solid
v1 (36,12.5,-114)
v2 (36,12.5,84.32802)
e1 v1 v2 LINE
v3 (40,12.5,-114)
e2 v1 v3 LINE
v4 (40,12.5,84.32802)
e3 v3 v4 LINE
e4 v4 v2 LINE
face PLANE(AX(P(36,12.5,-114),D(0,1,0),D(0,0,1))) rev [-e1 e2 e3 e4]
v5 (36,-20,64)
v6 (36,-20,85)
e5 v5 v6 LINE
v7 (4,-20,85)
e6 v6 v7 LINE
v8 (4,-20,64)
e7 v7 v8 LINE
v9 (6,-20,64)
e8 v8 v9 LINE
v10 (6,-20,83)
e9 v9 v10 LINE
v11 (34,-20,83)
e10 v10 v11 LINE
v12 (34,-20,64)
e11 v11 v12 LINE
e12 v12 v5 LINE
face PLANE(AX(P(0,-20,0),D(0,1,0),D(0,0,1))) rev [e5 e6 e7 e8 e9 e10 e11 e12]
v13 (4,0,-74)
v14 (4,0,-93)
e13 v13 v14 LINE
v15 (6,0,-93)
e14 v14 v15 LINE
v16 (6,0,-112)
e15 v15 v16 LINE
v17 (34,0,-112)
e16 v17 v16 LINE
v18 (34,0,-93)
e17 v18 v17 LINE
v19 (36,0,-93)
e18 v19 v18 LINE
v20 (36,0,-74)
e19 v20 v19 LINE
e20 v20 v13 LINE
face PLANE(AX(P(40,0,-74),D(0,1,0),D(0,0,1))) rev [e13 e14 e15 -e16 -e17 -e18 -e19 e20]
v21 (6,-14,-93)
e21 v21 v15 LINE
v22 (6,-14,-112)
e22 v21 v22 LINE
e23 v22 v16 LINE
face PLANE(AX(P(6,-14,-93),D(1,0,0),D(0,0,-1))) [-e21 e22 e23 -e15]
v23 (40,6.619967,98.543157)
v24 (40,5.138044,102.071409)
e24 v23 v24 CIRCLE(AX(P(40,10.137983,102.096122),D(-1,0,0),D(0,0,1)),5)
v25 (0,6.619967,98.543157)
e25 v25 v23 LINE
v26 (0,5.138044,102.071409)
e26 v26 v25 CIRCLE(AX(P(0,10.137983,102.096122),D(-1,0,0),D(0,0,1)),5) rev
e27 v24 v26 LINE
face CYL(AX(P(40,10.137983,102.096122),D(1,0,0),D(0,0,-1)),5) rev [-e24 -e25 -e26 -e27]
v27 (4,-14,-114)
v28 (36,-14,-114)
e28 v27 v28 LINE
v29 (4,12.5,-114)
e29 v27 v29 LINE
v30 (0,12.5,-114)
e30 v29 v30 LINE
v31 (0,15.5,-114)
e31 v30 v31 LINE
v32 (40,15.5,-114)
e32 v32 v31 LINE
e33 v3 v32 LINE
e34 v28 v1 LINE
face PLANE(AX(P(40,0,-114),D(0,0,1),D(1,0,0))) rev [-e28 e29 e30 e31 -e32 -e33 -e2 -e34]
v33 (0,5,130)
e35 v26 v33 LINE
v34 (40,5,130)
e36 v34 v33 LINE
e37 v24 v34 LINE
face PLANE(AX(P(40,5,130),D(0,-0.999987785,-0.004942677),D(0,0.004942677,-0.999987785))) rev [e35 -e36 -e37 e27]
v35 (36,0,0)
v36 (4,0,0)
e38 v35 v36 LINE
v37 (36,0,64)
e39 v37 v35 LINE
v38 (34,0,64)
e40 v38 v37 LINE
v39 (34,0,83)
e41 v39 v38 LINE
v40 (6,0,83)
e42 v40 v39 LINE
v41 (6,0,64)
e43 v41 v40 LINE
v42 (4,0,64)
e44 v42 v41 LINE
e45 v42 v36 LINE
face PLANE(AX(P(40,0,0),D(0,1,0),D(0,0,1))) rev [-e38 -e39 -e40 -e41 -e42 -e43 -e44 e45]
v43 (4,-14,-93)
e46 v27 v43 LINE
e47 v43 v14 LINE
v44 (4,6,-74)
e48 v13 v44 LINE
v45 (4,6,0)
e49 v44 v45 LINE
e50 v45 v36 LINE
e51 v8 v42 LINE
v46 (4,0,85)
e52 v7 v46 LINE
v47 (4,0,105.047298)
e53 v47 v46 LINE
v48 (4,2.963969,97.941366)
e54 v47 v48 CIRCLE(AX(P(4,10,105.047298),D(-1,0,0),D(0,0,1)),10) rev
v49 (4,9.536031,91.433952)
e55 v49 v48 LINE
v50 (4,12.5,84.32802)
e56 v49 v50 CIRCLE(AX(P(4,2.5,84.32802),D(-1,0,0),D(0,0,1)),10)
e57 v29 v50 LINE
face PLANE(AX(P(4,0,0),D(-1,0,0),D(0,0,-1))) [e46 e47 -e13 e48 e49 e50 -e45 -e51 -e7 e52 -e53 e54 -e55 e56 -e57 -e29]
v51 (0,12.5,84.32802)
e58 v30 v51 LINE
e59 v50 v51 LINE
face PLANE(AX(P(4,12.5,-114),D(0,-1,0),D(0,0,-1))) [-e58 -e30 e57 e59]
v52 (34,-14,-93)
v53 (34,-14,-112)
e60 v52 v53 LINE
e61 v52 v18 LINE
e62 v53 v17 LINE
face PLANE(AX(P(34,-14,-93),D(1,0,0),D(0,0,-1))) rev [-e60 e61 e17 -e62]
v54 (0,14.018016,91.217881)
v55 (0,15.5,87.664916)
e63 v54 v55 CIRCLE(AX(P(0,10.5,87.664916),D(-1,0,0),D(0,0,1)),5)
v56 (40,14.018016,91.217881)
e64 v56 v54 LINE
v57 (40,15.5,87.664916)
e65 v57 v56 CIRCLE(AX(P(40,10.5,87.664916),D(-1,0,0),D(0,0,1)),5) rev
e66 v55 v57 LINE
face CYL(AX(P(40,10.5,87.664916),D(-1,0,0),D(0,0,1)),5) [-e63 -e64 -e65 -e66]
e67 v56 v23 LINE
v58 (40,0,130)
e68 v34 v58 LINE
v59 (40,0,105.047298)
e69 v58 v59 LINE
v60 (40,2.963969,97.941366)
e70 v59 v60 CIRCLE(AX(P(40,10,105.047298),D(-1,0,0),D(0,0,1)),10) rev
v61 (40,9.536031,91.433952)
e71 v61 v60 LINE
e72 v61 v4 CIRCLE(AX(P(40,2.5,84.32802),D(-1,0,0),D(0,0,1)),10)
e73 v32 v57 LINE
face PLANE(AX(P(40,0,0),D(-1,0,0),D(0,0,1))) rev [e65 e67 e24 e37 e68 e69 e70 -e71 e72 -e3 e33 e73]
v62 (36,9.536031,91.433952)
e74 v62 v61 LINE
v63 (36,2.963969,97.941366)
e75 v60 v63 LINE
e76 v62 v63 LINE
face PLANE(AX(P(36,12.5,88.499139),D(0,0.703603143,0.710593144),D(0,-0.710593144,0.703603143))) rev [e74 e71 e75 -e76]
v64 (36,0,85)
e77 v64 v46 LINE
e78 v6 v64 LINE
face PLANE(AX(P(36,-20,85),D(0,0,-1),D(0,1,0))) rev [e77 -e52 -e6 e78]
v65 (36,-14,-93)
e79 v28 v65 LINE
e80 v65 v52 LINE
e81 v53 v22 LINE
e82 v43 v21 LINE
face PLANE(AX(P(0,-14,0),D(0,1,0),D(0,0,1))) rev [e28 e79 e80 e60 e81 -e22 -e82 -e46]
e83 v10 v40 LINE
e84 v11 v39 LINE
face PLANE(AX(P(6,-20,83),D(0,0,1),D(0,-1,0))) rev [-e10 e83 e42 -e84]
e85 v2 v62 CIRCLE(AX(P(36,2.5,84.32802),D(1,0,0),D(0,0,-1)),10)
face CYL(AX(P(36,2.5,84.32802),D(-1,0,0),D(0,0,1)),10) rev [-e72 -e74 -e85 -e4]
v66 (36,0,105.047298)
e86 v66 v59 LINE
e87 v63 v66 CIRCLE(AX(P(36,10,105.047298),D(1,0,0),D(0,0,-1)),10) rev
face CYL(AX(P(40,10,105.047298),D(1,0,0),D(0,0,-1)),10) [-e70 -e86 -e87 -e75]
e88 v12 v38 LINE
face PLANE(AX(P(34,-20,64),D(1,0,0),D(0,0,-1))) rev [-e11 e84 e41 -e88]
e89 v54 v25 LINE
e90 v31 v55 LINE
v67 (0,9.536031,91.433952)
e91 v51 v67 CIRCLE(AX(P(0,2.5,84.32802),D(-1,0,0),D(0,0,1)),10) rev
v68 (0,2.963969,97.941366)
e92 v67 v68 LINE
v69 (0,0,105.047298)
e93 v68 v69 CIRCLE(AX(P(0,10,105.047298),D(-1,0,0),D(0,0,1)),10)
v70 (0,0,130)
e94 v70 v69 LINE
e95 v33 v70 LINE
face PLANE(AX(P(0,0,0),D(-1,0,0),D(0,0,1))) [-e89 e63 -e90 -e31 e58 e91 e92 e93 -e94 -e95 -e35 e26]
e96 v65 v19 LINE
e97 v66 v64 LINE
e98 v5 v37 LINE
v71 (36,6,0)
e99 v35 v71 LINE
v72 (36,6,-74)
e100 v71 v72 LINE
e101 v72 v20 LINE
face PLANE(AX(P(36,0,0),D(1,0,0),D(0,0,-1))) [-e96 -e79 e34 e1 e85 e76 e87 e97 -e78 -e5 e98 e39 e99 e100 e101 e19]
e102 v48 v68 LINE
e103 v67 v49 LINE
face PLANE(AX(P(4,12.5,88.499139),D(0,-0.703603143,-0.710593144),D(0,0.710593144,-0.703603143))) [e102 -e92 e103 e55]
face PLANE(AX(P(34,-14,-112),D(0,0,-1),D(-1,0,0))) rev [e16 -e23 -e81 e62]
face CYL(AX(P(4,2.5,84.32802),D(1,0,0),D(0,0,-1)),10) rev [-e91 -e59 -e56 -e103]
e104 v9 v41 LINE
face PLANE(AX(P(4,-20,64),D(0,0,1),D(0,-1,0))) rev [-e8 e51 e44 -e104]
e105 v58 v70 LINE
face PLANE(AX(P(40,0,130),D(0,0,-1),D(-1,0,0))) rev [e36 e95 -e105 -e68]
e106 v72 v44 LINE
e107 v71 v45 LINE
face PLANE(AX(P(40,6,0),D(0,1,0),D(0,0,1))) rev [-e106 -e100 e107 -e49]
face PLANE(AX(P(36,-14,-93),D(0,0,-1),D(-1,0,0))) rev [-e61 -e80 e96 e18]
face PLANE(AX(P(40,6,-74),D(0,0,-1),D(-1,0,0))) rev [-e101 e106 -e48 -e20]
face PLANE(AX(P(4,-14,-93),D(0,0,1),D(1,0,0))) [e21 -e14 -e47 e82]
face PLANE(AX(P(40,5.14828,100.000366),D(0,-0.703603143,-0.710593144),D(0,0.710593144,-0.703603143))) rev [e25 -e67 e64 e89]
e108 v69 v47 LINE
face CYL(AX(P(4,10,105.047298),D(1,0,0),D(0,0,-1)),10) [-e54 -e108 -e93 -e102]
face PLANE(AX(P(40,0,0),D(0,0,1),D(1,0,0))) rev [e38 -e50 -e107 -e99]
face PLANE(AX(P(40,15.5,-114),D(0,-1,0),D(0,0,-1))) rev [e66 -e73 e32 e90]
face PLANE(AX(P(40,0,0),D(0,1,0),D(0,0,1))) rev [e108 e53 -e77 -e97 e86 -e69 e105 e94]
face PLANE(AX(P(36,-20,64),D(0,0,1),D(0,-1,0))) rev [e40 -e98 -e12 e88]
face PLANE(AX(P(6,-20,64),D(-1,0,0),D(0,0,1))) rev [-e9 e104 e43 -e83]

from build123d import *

# Parameters (mm, degrees)
BOSS_EXTRUDE1_DEPTH = 40
CUT_EXTRUDE2_DEPTH  = 4
FILLET6_R           = 10
FILLET7_R           = 5
BOSS_EXTRUDE2_DEPTH = 20
BOSS_EXTRUDE3_DEPTH = 14


with BuildPart() as part:
    # Sketch1 → Boss-Extrude1 (new body)
    with BuildSketch(Plane(origin=(0, 0, 0), x_dir=(0, 0, -1), z_dir=(1, 0, 0))):
        Polygon((0, 0), (-130, 0), (-130, 5), (-100.000366453, 5.148280317), (-89.750475128, 15.5), (114, 15.5), (114, 0), (74, 0), (74, 6), (0, 6), align=None)
    extrude(amount=BOSS_EXTRUDE1_DEPTH)

    # Sketch6 → Cut-Extrude2 (cut)
    with BuildSketch(Plane(origin=(40, 0, 0), x_dir=(0, 0, -1), z_dir=(1, 0, 0))):
        Polygon((-100.876178749, 0), (114, 0), (114, 12.5), (-88.499139427, 12.5), align=None)
    cut_extrude2 = extrude(amount=-CUT_EXTRUDE2_DEPTH, mode=Mode.SUBTRACT)

    # Mirror3: Cut-Extrude2 across plane
    add(cut_extrude2.mirror(Plane(origin=(20, 0, 0), x_dir=(0, 0, 1), z_dir=(1, 0, 0))), mode=Mode.SUBTRACT)

    # Fillet6
    fillet6_edges = [part.edges().sort_by_distance(p)[0] for p in [
        (38, 0, 100.876178749),
        (38, 12.5, 88.499139427),
        (2, 0, 100.876178749),
        (2, 12.5, 88.499139427),
    ]]
    fillet(fillet6_edges, radius=FILLET6_R)

    # Fillet7
    fillet7_edges = [part.edges().sort_by_distance(p)[0] for p in [
        (20, 5.148280317, 100.000366453),
        (20, 15.5, 89.750475128),
    ]]
    fillet(fillet7_edges, radius=FILLET7_R)

    # Sketch7 → Boss-Extrude2 (add)
    with BuildSketch(Plane.XZ):
        Polygon((36, 85), (4, 85), (4, 64), (6, 64), (6, 83), (34, 83), (34, 64), (36, 64), align=None)
    extrude(amount=BOSS_EXTRUDE2_DEPTH)

    # Sketch9 → Boss-Extrude3 (add)
    with BuildSketch(Plane.XZ):
        Polygon((4, -114), (36, -114), (36, -93), (34, -93), (34, -112), (6, -112), (6, -93), (4, -93), align=None)
    extrude(amount=BOSS_EXTRUDE3_DEPTH)


solid = part.part
